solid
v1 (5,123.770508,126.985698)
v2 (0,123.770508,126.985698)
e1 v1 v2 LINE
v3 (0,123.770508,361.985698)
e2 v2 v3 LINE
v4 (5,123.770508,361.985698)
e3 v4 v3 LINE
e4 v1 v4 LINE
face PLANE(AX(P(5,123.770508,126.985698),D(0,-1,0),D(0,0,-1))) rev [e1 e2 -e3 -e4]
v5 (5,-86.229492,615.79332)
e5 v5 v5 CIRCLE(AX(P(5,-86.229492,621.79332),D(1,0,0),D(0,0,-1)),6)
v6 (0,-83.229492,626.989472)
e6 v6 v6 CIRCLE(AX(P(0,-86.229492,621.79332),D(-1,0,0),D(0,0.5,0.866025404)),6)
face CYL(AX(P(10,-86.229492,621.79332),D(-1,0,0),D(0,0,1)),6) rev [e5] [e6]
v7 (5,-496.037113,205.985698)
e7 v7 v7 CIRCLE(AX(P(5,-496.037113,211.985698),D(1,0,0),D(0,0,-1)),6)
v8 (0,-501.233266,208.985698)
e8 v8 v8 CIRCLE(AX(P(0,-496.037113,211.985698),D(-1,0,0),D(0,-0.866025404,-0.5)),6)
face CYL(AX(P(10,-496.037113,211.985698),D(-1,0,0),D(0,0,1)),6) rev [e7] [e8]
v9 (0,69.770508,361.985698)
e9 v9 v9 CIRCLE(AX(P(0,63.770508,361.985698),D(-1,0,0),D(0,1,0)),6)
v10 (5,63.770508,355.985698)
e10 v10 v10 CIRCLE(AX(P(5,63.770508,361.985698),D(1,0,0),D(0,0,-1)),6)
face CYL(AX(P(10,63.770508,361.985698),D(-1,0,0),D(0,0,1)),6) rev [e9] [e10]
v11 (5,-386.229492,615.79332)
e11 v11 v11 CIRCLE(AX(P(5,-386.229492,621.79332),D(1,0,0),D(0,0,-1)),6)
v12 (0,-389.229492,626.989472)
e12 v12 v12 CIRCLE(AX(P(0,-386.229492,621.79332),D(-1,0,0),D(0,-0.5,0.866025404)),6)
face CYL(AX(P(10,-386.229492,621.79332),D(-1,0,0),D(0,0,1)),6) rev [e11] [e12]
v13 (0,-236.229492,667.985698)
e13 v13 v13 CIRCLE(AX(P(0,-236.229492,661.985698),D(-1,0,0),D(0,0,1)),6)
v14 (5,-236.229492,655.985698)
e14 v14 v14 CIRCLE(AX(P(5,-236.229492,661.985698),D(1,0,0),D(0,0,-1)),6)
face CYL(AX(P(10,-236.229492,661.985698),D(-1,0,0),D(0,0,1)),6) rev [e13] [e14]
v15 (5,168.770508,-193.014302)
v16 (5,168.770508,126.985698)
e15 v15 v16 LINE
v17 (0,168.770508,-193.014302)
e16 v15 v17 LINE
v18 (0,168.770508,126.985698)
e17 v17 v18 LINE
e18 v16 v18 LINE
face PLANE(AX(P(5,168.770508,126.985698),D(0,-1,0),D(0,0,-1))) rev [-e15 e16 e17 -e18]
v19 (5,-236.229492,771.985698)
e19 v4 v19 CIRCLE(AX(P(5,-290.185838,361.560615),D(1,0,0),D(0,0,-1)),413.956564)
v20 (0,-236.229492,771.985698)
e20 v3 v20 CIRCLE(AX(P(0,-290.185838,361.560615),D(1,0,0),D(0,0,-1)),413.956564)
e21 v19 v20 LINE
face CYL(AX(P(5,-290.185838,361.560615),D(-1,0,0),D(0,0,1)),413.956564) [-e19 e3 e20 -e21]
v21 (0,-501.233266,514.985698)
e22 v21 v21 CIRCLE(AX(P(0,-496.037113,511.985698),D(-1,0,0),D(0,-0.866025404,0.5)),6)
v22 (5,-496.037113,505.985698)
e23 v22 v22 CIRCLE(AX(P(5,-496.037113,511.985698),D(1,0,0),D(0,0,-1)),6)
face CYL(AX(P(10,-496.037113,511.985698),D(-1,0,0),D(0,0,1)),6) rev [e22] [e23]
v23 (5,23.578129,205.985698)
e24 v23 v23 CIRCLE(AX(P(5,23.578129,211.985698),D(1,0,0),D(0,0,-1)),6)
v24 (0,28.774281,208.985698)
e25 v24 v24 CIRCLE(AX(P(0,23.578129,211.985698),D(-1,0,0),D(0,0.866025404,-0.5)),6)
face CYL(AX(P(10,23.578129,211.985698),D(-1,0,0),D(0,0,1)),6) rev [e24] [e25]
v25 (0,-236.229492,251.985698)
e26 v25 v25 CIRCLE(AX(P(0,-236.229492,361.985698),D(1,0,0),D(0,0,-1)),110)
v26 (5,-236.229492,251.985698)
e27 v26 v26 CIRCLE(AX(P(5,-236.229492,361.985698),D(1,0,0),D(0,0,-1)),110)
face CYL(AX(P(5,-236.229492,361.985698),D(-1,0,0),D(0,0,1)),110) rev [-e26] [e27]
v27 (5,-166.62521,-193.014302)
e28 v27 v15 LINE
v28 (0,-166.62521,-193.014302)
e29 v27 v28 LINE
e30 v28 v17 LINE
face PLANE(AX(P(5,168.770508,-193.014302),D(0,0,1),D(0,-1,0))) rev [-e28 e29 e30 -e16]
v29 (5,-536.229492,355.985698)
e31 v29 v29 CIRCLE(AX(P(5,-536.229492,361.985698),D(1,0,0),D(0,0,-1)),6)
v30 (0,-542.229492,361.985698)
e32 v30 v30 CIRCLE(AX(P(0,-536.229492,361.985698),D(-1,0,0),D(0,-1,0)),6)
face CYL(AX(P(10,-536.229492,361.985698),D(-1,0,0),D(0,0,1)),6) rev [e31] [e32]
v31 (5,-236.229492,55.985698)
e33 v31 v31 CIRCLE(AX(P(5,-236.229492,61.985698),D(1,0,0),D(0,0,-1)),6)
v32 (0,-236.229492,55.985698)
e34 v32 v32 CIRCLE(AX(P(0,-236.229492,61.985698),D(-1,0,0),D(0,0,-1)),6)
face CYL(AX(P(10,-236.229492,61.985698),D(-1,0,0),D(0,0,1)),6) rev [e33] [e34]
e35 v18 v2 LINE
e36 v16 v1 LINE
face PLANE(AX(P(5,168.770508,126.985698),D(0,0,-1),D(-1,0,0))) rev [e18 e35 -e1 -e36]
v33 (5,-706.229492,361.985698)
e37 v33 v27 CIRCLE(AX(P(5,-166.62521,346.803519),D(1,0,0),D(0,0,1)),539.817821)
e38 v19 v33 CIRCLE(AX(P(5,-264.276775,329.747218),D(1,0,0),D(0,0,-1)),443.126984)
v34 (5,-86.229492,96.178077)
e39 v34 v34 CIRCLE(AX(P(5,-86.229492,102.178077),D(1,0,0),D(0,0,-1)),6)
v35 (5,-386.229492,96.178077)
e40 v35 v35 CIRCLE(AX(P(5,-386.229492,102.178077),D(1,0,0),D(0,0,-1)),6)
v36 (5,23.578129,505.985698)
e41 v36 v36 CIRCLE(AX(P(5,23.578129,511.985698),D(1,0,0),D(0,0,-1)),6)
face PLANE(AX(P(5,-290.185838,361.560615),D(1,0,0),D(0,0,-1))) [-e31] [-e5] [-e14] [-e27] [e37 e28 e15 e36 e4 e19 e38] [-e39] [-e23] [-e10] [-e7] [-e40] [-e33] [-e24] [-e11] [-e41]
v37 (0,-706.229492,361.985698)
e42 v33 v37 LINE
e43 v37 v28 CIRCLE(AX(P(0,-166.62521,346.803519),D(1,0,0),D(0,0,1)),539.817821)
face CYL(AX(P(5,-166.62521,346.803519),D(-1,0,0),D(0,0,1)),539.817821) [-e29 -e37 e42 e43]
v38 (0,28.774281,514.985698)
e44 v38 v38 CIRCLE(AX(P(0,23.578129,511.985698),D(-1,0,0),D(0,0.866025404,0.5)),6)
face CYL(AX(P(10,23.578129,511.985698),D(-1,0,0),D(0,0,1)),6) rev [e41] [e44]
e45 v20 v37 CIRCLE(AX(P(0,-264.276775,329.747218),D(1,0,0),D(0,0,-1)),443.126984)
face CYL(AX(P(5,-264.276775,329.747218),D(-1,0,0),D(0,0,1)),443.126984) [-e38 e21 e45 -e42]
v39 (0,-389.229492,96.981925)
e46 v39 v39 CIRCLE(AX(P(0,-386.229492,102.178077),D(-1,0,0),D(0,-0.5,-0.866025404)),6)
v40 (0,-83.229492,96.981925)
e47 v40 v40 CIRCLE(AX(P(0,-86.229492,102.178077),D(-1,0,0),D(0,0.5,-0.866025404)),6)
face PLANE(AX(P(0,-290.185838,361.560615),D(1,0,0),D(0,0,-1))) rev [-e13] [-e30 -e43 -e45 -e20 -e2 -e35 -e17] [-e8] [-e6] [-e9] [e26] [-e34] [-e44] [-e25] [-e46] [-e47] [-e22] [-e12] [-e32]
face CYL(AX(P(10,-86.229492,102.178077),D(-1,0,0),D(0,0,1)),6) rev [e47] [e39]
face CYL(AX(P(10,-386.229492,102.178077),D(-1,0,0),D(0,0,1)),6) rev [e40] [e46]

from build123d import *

# Parameters (mm, degrees)
SKETCH1_R           = 110
BOSS_EXTRUDE1_DEPTH = 5
SKETCH2_R           = 6
CUT_EXTRUDE1_DEPTH  = 10
CIRPATTERN1_COUNT   = 12


with BuildPart() as part:
    # Sketch1 → Boss-Extrude1 (new body)
    with BuildSketch(Plane(origin=(0, 0, 0), x_dir=(0, 0, -1), z_dir=(1, 0, 0))):
        with BuildLine():
            Line((-126.985698369, 168.770507744), (193.014301631, 168.770507744))
            Line((193.014301631, 168.770507744), (193.014301631, -166.625210225))
            ThreePointArc((193.014301631, -166.625210225), (29.499330124, -553.664543235), (-361.985698369, -706.229492256))
            ThreePointArc((-361.985698369, -706.229492256), (-663.674001264, -555.574607548), (-771.985698369, -236.229492256))
            ThreePointArc((-771.985698369, -236.229492256), (-634.689640971, 20.877775707), (-361.985698369, 123.770507744))
            Line((-361.985698369, 123.770507744), (-126.985698369, 123.770507744))
            Line((-126.985698369, 123.770507744), (-126.985698369, 168.770507744))
        make_face()
        with Locations((-361.985698369, -236.229492256)):
            Circle(SKETCH1_R, mode=Mode.SUBTRACT)
    extrude(amount=BOSS_EXTRUDE1_DEPTH)

    # Sketch2 → Cut-Extrude1 (cut)
    with BuildSketch(Plane.ZY):
        with Locations((661.985698369, -236.229492256)):
            Circle(SKETCH2_R)
    cut_extrude1 = extrude(amount=-CUT_EXTRUDE1_DEPTH, mode=Mode.SUBTRACT)

    # CirPattern1: Cut-Extrude1 ×12 about axis
    cirpattern1_axis = Axis((0, -236.229492256, 361.985698369), (1, 0, 0))
    for i in range(1, CIRPATTERN1_COUNT):
        add(cut_extrude1.rotate(cirpattern1_axis, i * 360 / CIRPATTERN1_COUNT), mode=Mode.SUBTRACT)


solid = part.part
